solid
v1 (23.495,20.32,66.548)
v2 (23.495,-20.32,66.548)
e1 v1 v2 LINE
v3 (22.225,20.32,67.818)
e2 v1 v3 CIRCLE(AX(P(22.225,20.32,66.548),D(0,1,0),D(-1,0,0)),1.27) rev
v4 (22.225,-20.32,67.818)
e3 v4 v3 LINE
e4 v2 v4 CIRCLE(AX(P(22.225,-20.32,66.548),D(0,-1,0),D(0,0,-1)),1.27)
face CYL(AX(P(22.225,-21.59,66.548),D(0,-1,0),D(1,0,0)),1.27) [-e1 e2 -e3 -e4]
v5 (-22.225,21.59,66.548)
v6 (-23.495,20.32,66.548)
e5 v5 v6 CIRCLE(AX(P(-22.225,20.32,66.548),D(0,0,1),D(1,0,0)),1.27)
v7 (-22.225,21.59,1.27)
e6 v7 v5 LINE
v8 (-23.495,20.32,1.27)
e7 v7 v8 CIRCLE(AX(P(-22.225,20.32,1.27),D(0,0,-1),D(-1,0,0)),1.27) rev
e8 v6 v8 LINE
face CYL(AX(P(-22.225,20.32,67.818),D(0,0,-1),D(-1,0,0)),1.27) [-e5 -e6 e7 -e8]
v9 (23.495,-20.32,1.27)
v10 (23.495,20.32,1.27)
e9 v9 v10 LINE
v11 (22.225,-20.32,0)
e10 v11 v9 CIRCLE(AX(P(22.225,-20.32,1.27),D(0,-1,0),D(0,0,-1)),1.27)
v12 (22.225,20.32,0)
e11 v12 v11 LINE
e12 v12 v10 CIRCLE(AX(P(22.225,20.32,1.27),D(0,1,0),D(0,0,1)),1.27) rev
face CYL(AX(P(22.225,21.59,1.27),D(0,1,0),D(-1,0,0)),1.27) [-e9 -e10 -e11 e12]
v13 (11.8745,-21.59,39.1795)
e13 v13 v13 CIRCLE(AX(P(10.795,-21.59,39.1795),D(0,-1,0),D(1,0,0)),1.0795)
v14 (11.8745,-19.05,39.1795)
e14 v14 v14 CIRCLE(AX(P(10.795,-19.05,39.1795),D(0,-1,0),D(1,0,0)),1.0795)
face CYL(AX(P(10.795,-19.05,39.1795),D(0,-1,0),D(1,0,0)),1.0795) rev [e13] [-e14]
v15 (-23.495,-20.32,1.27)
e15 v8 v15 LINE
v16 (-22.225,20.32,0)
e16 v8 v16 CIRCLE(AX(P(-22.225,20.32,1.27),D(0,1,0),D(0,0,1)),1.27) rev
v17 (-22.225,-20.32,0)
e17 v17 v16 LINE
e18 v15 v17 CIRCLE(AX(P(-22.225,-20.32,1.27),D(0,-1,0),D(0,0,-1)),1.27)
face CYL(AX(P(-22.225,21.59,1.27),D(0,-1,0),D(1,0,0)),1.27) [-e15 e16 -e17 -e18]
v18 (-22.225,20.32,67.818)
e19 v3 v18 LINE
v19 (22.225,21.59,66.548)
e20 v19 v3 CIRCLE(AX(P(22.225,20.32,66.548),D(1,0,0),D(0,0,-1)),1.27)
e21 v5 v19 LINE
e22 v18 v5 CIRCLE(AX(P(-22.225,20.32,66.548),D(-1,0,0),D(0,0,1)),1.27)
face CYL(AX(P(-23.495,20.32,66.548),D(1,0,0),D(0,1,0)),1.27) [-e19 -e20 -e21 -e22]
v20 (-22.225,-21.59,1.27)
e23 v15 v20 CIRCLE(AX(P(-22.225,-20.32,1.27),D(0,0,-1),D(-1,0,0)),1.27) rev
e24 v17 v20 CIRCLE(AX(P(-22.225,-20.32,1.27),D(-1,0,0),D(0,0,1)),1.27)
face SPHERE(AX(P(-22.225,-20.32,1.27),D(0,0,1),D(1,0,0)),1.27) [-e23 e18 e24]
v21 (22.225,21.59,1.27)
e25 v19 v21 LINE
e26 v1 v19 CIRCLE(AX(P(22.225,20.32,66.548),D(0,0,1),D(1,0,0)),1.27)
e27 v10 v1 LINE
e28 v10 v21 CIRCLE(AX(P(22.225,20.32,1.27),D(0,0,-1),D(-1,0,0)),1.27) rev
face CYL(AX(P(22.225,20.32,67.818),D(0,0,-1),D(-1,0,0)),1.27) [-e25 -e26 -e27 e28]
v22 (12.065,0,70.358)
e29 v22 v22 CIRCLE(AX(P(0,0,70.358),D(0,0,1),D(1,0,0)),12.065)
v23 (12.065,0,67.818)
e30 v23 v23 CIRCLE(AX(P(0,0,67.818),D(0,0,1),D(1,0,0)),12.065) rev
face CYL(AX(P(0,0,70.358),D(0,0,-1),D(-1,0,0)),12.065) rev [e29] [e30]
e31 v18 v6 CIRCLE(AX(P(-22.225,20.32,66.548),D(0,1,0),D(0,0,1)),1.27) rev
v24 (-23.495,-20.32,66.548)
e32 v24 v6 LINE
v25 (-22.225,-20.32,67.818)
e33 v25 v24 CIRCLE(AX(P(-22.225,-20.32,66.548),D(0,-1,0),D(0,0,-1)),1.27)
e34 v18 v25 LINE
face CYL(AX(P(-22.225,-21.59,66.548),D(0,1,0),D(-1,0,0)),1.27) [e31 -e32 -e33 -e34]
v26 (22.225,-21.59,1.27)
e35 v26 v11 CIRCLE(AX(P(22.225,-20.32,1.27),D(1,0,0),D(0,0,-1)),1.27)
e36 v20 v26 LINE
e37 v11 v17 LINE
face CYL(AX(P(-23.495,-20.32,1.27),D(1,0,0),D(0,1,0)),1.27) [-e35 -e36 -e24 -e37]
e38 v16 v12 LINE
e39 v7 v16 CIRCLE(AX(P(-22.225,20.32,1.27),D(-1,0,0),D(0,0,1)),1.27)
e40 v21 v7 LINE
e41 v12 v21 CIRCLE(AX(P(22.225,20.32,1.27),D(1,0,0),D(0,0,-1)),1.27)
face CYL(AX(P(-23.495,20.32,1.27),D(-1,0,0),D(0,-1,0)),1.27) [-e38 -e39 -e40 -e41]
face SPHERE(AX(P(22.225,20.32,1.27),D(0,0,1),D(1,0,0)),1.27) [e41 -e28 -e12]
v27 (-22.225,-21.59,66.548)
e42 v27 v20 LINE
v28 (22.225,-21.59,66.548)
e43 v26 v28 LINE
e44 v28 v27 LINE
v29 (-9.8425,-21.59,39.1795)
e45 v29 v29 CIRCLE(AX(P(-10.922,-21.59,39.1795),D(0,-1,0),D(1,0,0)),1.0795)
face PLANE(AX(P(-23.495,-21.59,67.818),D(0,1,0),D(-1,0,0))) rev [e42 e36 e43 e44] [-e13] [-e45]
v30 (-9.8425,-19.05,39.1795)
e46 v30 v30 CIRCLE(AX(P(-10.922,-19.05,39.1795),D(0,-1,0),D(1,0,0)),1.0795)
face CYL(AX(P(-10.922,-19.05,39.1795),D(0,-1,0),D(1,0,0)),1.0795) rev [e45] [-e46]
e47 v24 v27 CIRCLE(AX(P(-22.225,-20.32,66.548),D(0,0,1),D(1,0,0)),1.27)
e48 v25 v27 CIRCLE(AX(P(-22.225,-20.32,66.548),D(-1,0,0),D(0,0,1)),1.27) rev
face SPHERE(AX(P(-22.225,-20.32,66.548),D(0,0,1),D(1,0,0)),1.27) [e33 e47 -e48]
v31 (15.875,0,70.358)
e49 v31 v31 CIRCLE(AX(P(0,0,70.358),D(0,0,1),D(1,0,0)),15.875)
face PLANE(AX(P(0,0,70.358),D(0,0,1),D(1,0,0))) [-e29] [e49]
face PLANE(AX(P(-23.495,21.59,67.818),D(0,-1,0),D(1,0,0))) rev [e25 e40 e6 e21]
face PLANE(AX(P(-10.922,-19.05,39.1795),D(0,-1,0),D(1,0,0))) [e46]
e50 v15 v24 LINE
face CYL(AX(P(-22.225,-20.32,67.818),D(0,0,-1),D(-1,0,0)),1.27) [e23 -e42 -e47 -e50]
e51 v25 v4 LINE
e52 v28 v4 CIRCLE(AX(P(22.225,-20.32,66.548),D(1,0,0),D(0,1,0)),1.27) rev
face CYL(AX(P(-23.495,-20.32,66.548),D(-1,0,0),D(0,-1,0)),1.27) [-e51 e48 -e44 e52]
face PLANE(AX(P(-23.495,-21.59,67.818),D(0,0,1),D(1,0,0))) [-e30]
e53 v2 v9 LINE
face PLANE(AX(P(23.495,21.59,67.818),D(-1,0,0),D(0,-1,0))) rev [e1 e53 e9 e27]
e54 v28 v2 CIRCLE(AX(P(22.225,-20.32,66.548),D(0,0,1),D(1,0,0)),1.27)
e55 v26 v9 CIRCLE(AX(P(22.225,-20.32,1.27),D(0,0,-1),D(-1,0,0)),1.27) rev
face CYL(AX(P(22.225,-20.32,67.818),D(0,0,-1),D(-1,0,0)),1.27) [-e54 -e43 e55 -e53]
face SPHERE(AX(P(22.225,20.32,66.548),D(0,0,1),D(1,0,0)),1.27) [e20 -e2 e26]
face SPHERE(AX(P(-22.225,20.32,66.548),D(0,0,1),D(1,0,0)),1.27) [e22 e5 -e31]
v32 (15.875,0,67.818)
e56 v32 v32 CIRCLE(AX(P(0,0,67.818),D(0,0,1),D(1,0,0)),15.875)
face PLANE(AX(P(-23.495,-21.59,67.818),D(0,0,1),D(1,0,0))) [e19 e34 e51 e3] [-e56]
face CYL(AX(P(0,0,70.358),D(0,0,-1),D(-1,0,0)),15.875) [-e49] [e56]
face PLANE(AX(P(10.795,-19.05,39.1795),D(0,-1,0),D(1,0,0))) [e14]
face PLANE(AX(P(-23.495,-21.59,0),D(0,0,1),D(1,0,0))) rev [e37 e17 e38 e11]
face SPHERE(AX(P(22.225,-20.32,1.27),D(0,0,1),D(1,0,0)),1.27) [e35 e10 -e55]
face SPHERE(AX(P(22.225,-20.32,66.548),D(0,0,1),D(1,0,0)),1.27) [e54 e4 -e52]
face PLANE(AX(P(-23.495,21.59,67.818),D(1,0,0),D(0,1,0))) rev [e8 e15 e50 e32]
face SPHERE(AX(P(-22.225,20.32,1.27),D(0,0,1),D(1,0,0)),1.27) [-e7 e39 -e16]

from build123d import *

# Parameters (mm, degrees)
SKETCH1_W          = 46.99
SKETCH1_H          = 43.18
EXTRUDE1_DEPTH     = 67.818
FILLET2_R          = 1.27
SKETCH2_R          = 15.875
SKETCH2_R_2        = 12.065
EXTRUDE2_DEPTH     = 2.54
SKETCH3_R          = 1.0795
CUT_EXTRUDE1_DEPTH = 2.54


with BuildPart() as part:
    # Sketch1 → Extrude1 (new body)
    with BuildSketch(Plane.XY):
        Rectangle(SKETCH1_W, SKETCH1_H)
    extrude(amount=EXTRUDE1_DEPTH)

    # Fillet2
    fillet2_edges = [part.edges().sort_by_distance(p)[0] for p in [
        (23.495, 0, 67.818),
        (0, 21.59, 67.818),
        (-23.495, 0, 67.818),
        (0, 21.59, 0),
        (23.495, 0, 0),
        (0, -21.59, 0),
        (-23.495, 0, 0),
        (0, -21.59, 67.818),
        (-23.495, 21.59, 33.909),
        (23.495, 21.59, 33.909),
        (23.495, -21.59, 33.909),
        (-23.495, -21.59, 33.909),
    ]]
    fillet(fillet2_edges, radius=FILLET2_R)

    # Sketch2 → Extrude2 (add)
    with BuildSketch(Plane.XY.offset(67.818)):
        Circle(SKETCH2_R)
        Circle(SKETCH2_R_2, mode=Mode.SUBTRACT)
    extrude(amount=EXTRUDE2_DEPTH)

    # Sketch3 → Cut-Extrude1 (cut)
    with BuildSketch(Plane.XZ.offset(21.59)):
        with Locations((-10.922, 39.1795)):
            Circle(SKETCH3_R)
        with Locations((10.795, 39.1795)):
            Circle(SKETCH3_R)
    extrude(amount=-CUT_EXTRUDE1_DEPTH, mode=Mode.SUBTRACT)


solid = part.part
